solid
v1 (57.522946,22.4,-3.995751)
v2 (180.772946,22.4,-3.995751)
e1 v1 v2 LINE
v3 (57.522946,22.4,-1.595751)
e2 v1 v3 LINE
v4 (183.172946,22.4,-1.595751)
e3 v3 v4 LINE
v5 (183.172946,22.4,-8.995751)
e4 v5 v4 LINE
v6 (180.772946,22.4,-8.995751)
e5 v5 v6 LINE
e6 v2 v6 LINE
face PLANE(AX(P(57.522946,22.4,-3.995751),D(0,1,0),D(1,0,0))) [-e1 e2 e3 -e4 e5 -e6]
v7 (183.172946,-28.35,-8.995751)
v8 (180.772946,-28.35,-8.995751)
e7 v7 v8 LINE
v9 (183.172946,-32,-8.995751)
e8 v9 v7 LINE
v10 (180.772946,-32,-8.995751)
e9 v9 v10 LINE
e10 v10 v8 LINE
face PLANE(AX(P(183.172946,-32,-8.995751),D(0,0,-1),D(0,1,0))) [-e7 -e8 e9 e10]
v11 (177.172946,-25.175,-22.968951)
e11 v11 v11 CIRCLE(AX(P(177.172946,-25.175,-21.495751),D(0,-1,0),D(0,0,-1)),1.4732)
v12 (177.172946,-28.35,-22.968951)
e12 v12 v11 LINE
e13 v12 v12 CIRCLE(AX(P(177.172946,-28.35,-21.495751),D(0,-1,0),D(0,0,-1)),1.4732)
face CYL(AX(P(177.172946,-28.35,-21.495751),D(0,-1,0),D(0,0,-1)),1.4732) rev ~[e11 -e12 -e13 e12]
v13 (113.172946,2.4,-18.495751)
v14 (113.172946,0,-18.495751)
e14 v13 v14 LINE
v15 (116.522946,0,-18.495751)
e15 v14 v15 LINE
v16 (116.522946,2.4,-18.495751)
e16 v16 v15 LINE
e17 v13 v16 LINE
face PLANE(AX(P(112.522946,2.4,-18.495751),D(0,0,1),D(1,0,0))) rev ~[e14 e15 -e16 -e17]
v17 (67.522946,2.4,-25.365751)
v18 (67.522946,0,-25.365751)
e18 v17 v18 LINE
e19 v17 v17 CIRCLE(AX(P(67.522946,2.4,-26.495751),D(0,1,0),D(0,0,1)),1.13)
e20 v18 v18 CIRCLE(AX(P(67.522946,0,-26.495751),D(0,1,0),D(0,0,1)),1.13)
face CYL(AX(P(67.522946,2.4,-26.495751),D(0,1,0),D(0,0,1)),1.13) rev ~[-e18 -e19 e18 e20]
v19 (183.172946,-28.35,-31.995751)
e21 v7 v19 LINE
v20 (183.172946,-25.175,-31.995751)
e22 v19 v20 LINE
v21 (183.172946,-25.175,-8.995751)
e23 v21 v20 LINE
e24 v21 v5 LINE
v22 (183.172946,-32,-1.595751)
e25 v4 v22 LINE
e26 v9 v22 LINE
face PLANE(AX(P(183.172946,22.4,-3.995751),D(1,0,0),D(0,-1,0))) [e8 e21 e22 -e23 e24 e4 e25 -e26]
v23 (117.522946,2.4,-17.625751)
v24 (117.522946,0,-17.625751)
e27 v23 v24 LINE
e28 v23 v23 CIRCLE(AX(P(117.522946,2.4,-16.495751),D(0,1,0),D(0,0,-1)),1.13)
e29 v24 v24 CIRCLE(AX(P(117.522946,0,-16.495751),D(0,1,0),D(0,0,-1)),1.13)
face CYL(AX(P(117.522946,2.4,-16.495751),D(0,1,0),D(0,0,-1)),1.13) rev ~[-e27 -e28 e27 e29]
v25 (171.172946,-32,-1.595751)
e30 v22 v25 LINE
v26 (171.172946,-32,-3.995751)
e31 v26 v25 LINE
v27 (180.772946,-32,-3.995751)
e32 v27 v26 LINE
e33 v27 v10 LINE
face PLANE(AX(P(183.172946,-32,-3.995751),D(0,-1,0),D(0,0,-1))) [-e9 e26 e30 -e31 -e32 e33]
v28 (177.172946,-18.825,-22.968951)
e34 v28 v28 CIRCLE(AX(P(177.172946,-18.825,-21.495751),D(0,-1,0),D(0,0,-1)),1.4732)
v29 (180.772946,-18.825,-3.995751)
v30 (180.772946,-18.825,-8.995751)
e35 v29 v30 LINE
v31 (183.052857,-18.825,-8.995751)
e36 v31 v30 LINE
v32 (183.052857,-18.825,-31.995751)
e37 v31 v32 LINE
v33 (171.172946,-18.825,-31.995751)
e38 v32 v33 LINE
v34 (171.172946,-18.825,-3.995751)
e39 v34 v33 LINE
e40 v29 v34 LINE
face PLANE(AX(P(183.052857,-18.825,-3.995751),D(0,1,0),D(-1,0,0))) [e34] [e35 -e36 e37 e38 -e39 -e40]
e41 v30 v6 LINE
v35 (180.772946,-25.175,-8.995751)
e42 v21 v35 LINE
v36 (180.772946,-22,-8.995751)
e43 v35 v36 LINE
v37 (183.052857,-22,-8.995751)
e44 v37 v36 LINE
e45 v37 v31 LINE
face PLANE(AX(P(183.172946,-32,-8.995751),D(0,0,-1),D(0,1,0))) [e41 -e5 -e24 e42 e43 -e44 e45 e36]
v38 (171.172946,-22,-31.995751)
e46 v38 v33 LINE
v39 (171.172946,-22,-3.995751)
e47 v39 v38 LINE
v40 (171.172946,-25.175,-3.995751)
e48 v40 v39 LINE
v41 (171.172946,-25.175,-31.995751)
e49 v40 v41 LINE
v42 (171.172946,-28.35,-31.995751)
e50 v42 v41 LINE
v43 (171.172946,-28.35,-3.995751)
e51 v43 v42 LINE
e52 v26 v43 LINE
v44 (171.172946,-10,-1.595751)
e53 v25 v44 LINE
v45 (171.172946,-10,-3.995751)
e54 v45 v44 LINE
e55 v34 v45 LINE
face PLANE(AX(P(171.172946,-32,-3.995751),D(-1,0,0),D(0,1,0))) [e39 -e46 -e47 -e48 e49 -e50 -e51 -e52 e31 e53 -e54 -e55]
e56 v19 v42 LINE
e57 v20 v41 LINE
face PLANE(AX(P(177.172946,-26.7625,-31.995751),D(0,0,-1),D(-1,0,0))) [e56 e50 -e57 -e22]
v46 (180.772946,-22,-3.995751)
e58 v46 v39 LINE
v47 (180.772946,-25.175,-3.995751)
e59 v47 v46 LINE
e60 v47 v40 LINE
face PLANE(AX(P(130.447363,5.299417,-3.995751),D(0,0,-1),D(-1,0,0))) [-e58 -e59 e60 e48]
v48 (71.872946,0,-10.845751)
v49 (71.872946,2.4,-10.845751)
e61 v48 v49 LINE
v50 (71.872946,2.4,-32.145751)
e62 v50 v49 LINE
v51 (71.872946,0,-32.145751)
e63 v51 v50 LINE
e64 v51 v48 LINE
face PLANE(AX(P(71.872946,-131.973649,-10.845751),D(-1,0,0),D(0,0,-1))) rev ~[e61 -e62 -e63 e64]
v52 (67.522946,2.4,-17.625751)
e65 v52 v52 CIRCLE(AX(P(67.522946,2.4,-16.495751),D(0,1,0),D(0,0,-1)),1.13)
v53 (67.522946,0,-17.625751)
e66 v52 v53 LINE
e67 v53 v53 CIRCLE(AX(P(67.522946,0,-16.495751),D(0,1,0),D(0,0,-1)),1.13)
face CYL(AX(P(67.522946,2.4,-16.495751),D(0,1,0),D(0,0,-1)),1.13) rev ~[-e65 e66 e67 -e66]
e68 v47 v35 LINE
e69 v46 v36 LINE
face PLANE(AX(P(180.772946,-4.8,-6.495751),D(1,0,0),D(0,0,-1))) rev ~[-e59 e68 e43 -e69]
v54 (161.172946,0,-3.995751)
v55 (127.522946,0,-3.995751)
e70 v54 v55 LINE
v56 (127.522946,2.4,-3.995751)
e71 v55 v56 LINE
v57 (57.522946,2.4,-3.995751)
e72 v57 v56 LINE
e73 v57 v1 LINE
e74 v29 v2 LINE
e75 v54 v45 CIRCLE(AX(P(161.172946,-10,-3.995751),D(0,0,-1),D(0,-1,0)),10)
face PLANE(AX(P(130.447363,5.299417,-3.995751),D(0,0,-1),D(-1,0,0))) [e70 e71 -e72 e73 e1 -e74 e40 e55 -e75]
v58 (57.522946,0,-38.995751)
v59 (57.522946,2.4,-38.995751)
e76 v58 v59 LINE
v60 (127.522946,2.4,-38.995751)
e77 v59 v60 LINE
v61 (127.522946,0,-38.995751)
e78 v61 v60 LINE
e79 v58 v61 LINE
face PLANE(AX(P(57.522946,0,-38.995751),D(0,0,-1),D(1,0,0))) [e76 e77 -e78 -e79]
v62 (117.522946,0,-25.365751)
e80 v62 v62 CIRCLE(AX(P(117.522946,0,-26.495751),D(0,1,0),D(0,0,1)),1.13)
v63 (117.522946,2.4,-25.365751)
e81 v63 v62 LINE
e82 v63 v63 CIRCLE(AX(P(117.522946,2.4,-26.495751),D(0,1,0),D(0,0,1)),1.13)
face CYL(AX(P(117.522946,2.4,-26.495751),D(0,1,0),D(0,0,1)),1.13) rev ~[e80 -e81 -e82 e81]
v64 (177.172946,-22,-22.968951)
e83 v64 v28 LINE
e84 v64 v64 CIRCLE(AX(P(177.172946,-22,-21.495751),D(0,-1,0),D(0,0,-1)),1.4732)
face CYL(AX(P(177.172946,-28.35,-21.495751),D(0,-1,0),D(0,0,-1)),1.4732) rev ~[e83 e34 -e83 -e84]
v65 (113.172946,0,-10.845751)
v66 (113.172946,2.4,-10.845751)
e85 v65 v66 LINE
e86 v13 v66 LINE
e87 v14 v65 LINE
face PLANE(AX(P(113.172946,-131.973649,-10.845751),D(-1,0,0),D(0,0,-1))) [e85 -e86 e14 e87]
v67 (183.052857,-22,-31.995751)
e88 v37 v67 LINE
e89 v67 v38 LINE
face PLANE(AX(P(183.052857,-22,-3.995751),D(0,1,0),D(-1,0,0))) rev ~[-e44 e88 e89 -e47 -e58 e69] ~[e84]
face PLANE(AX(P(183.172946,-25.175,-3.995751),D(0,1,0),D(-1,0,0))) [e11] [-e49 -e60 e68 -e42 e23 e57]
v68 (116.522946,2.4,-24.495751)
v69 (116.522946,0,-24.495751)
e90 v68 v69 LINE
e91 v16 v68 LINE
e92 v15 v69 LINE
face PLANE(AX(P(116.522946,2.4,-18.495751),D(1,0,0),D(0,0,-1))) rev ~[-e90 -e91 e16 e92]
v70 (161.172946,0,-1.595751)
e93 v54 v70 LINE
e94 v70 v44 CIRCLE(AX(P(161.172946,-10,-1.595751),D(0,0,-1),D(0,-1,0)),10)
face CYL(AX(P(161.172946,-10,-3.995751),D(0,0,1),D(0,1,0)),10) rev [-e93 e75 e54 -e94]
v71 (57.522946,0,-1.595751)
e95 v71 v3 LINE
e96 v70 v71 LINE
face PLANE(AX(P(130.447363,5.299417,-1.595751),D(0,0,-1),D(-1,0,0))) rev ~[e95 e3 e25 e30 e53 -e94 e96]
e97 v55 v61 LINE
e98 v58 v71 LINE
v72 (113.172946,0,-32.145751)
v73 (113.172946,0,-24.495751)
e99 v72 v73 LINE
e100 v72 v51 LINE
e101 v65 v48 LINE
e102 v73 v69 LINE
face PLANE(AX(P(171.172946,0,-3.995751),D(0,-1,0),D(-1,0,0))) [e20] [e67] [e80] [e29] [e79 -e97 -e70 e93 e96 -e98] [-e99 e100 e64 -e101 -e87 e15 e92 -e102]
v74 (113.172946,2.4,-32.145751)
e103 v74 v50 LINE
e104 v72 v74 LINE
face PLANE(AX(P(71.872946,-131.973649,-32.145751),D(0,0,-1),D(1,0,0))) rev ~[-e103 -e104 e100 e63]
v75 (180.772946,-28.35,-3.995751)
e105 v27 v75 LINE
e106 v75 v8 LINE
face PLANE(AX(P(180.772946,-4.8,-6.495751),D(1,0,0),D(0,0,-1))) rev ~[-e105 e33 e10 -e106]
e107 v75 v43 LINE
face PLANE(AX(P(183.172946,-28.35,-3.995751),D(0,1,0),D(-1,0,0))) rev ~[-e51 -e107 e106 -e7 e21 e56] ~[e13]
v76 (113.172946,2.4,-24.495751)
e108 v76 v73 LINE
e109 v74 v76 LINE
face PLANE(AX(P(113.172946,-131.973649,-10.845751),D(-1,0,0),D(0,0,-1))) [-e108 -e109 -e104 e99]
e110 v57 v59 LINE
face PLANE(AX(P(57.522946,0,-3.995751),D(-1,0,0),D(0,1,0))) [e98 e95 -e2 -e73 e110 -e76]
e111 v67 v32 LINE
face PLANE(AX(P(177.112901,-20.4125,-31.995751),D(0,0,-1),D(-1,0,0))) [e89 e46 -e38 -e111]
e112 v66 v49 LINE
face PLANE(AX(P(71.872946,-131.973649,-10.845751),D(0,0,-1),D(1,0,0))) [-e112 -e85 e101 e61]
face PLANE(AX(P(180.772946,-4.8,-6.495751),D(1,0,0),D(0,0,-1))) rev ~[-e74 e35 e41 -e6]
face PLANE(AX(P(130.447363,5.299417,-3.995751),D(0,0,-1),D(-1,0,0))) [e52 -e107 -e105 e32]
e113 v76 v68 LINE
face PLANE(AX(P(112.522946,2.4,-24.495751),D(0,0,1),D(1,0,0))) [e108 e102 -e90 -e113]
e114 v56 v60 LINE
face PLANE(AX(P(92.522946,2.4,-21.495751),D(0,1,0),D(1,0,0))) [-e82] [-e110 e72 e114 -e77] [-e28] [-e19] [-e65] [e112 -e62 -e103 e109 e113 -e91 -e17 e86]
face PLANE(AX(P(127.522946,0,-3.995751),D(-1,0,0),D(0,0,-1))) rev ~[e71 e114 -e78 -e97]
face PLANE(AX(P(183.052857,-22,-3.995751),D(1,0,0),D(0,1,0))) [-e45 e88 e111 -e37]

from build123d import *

# Parameters (mm, degrees)
SKETCH1_W               = 70
SKETCH1_H               = 35
BOSS_EXTRUDE1_DEPTH     = 2.4
SKETCH2_R               = 1.13
SKETCH2_W               = 40
SKETCH2_H               = 20
CUT_EXTRUDE1_DEPTH      = 2.4
SKETCH4_W               = 4
SKETCH4_H               = 6
CUT_EXTRUDE2_DEPTH      = 2.4
CUT_EXTRUDE3_DEPTH      = 134.373649476
CUT_EXTRUDE3_DEPTH_BACK = 134.373649476
SKETCH7_W               = 41.3
SKETCH7_H               = 21.3
SKETCH7_W_2             = 40
SKETCH7_H_2             = 20
BOSS_EXTRUDE2_DEPTH     = 2.4
SKETCH9_W               = 11.879910587
SKETCH9_H               = 3.175
SKETCH9_W_2             = 12
BOSS_EXTRUDE3_DEPTH     = 28
SKETCH10_R              = 1.4732
CUT_EXTRUDE4_DEPTH      = 30
FILLET1_R               = 10
SKETCH11_W              = 5
SKETCH11_H              = 54.4
BOSS_EXTRUDE4_DEPTH     = 2.4


with BuildPart() as part:
    # Sketch1 → Boss-Extrude1 (new body)
    with BuildSketch(Plane(origin=(0, 0, 0), x_dir=(1, 0, 0), z_dir=(0, 1, 0))):
        with Locations((92.522946176, 21.495750708)):
            Rectangle(SKETCH1_W, SKETCH1_H)
    extrude(amount=BOSS_EXTRUDE1_DEPTH)

    # Sketch2 → Cut-Extrude1 (cut)
    with BuildSketch(Plane(origin=(0, 2.4, 0), x_dir=(1, 0, 0), z_dir=(0, 1, 0))):
        with Locations(Location((67.522946176, 26.495750708, 0), (0, 0, 270))):
            Circle(SKETCH2_R)
        with Locations(Location((117.522946176, 26.495750708, 0), (0, 0, 270))):
            Circle(SKETCH2_R)
        with Locations(Location((117.522946176, 16.495750708, 0), (0, 0, 90))):
            Circle(SKETCH2_R)
        with Locations(Location((67.522946176, 16.495750708, 0), (0, 0, 90))):
            Circle(SKETCH2_R)
        with Locations((92.522946176, 21.495750708)):
            Rectangle(SKETCH2_W, SKETCH2_H)
    extrude(amount=-CUT_EXTRUDE1_DEPTH, mode=Mode.SUBTRACT)

    # Sketch4 → Cut-Extrude2 (cut)
    with BuildSketch(Plane(origin=(0, 2.4, 0), x_dir=(1, 0, 0), z_dir=(0, 1, 0))):
        with Locations((114.522946176, 21.495750708)):
            Rectangle(SKETCH4_W, SKETCH4_H)
    extrude(amount=-CUT_EXTRUDE2_DEPTH, mode=Mode.SUBTRACT)

    # Sketch7 → Cut-Extrude3 (cut, two sides: drawn at the far end of the back side and taken through both)
    with BuildSketch(Plane(origin=(0, 2.4, 0), x_dir=(1, 0, 0), z_dir=(0, 1, 0)).offset(-CUT_EXTRUDE3_DEPTH_BACK)):
        with Locations((92.522946176, 21.495750708)):
            Rectangle(SKETCH7_W, SKETCH7_H)
        with Locations((92.522946176, 21.495750708)):
            Rectangle(SKETCH7_W_2, SKETCH7_H_2, mode=Mode.SUBTRACT)
    extrude(amount=CUT_EXTRUDE3_DEPTH + CUT_EXTRUDE3_DEPTH_BACK, mode=Mode.SUBTRACT)

    # Sketch8 → Boss-Extrude2 (add)
    with BuildSketch(Plane.XY.offset(-3.995750708)):
        Polygon((57.522946176, 22.4), (183.172946176, 22.4), (183.172946176, -32), (171.172946176, -32), (171.172946176, 0), (57.522946176, 0), align=None)
    extrude(amount=BOSS_EXTRUDE2_DEPTH)

    # Sketch9 → Boss-Extrude3 (add)
    with BuildSketch(Plane(origin=(0, 0, -3.995750708), x_dir=(-1, 0, 0), z_dir=(0, 0, -1))):
        with Locations((-177.11290147, -20.4125)):
            Rectangle(SKETCH9_W, SKETCH9_H)
        with Locations((-177.172946176, -26.7625)):
            Rectangle(SKETCH9_W_2, SKETCH9_H)
    extrude(amount=BOSS_EXTRUDE3_DEPTH)

    # Sketch10 → Cut-Extrude4 (cut)
    with BuildSketch(Plane.XZ.offset(28.35)):
        with Locations(Location((177.172946176, -21.495750708, 0), (0, 0, 270))):
            Circle(SKETCH10_R)
    extrude(amount=-CUT_EXTRUDE4_DEPTH, mode=Mode.SUBTRACT)

    # Fillet1
    fillet1_edges = [part.edges().sort_by_distance(p)[0] for p in [
        (171.172946176, 0, -2.795750708),
    ]]
    fillet(fillet1_edges, radius=FILLET1_R)

    # Sketch11 → Boss-Extrude4 (add)
    with BuildSketch(Plane(origin=(183.172946176, 0, 0), x_dir=(0, 0, -1), z_dir=(1, 0, 0))):
        with Locations((6.495750708, -4.8)):
            Rectangle(SKETCH11_W, SKETCH11_H)
    extrude(amount=-BOSS_EXTRUDE4_DEPTH)


solid = part.part
